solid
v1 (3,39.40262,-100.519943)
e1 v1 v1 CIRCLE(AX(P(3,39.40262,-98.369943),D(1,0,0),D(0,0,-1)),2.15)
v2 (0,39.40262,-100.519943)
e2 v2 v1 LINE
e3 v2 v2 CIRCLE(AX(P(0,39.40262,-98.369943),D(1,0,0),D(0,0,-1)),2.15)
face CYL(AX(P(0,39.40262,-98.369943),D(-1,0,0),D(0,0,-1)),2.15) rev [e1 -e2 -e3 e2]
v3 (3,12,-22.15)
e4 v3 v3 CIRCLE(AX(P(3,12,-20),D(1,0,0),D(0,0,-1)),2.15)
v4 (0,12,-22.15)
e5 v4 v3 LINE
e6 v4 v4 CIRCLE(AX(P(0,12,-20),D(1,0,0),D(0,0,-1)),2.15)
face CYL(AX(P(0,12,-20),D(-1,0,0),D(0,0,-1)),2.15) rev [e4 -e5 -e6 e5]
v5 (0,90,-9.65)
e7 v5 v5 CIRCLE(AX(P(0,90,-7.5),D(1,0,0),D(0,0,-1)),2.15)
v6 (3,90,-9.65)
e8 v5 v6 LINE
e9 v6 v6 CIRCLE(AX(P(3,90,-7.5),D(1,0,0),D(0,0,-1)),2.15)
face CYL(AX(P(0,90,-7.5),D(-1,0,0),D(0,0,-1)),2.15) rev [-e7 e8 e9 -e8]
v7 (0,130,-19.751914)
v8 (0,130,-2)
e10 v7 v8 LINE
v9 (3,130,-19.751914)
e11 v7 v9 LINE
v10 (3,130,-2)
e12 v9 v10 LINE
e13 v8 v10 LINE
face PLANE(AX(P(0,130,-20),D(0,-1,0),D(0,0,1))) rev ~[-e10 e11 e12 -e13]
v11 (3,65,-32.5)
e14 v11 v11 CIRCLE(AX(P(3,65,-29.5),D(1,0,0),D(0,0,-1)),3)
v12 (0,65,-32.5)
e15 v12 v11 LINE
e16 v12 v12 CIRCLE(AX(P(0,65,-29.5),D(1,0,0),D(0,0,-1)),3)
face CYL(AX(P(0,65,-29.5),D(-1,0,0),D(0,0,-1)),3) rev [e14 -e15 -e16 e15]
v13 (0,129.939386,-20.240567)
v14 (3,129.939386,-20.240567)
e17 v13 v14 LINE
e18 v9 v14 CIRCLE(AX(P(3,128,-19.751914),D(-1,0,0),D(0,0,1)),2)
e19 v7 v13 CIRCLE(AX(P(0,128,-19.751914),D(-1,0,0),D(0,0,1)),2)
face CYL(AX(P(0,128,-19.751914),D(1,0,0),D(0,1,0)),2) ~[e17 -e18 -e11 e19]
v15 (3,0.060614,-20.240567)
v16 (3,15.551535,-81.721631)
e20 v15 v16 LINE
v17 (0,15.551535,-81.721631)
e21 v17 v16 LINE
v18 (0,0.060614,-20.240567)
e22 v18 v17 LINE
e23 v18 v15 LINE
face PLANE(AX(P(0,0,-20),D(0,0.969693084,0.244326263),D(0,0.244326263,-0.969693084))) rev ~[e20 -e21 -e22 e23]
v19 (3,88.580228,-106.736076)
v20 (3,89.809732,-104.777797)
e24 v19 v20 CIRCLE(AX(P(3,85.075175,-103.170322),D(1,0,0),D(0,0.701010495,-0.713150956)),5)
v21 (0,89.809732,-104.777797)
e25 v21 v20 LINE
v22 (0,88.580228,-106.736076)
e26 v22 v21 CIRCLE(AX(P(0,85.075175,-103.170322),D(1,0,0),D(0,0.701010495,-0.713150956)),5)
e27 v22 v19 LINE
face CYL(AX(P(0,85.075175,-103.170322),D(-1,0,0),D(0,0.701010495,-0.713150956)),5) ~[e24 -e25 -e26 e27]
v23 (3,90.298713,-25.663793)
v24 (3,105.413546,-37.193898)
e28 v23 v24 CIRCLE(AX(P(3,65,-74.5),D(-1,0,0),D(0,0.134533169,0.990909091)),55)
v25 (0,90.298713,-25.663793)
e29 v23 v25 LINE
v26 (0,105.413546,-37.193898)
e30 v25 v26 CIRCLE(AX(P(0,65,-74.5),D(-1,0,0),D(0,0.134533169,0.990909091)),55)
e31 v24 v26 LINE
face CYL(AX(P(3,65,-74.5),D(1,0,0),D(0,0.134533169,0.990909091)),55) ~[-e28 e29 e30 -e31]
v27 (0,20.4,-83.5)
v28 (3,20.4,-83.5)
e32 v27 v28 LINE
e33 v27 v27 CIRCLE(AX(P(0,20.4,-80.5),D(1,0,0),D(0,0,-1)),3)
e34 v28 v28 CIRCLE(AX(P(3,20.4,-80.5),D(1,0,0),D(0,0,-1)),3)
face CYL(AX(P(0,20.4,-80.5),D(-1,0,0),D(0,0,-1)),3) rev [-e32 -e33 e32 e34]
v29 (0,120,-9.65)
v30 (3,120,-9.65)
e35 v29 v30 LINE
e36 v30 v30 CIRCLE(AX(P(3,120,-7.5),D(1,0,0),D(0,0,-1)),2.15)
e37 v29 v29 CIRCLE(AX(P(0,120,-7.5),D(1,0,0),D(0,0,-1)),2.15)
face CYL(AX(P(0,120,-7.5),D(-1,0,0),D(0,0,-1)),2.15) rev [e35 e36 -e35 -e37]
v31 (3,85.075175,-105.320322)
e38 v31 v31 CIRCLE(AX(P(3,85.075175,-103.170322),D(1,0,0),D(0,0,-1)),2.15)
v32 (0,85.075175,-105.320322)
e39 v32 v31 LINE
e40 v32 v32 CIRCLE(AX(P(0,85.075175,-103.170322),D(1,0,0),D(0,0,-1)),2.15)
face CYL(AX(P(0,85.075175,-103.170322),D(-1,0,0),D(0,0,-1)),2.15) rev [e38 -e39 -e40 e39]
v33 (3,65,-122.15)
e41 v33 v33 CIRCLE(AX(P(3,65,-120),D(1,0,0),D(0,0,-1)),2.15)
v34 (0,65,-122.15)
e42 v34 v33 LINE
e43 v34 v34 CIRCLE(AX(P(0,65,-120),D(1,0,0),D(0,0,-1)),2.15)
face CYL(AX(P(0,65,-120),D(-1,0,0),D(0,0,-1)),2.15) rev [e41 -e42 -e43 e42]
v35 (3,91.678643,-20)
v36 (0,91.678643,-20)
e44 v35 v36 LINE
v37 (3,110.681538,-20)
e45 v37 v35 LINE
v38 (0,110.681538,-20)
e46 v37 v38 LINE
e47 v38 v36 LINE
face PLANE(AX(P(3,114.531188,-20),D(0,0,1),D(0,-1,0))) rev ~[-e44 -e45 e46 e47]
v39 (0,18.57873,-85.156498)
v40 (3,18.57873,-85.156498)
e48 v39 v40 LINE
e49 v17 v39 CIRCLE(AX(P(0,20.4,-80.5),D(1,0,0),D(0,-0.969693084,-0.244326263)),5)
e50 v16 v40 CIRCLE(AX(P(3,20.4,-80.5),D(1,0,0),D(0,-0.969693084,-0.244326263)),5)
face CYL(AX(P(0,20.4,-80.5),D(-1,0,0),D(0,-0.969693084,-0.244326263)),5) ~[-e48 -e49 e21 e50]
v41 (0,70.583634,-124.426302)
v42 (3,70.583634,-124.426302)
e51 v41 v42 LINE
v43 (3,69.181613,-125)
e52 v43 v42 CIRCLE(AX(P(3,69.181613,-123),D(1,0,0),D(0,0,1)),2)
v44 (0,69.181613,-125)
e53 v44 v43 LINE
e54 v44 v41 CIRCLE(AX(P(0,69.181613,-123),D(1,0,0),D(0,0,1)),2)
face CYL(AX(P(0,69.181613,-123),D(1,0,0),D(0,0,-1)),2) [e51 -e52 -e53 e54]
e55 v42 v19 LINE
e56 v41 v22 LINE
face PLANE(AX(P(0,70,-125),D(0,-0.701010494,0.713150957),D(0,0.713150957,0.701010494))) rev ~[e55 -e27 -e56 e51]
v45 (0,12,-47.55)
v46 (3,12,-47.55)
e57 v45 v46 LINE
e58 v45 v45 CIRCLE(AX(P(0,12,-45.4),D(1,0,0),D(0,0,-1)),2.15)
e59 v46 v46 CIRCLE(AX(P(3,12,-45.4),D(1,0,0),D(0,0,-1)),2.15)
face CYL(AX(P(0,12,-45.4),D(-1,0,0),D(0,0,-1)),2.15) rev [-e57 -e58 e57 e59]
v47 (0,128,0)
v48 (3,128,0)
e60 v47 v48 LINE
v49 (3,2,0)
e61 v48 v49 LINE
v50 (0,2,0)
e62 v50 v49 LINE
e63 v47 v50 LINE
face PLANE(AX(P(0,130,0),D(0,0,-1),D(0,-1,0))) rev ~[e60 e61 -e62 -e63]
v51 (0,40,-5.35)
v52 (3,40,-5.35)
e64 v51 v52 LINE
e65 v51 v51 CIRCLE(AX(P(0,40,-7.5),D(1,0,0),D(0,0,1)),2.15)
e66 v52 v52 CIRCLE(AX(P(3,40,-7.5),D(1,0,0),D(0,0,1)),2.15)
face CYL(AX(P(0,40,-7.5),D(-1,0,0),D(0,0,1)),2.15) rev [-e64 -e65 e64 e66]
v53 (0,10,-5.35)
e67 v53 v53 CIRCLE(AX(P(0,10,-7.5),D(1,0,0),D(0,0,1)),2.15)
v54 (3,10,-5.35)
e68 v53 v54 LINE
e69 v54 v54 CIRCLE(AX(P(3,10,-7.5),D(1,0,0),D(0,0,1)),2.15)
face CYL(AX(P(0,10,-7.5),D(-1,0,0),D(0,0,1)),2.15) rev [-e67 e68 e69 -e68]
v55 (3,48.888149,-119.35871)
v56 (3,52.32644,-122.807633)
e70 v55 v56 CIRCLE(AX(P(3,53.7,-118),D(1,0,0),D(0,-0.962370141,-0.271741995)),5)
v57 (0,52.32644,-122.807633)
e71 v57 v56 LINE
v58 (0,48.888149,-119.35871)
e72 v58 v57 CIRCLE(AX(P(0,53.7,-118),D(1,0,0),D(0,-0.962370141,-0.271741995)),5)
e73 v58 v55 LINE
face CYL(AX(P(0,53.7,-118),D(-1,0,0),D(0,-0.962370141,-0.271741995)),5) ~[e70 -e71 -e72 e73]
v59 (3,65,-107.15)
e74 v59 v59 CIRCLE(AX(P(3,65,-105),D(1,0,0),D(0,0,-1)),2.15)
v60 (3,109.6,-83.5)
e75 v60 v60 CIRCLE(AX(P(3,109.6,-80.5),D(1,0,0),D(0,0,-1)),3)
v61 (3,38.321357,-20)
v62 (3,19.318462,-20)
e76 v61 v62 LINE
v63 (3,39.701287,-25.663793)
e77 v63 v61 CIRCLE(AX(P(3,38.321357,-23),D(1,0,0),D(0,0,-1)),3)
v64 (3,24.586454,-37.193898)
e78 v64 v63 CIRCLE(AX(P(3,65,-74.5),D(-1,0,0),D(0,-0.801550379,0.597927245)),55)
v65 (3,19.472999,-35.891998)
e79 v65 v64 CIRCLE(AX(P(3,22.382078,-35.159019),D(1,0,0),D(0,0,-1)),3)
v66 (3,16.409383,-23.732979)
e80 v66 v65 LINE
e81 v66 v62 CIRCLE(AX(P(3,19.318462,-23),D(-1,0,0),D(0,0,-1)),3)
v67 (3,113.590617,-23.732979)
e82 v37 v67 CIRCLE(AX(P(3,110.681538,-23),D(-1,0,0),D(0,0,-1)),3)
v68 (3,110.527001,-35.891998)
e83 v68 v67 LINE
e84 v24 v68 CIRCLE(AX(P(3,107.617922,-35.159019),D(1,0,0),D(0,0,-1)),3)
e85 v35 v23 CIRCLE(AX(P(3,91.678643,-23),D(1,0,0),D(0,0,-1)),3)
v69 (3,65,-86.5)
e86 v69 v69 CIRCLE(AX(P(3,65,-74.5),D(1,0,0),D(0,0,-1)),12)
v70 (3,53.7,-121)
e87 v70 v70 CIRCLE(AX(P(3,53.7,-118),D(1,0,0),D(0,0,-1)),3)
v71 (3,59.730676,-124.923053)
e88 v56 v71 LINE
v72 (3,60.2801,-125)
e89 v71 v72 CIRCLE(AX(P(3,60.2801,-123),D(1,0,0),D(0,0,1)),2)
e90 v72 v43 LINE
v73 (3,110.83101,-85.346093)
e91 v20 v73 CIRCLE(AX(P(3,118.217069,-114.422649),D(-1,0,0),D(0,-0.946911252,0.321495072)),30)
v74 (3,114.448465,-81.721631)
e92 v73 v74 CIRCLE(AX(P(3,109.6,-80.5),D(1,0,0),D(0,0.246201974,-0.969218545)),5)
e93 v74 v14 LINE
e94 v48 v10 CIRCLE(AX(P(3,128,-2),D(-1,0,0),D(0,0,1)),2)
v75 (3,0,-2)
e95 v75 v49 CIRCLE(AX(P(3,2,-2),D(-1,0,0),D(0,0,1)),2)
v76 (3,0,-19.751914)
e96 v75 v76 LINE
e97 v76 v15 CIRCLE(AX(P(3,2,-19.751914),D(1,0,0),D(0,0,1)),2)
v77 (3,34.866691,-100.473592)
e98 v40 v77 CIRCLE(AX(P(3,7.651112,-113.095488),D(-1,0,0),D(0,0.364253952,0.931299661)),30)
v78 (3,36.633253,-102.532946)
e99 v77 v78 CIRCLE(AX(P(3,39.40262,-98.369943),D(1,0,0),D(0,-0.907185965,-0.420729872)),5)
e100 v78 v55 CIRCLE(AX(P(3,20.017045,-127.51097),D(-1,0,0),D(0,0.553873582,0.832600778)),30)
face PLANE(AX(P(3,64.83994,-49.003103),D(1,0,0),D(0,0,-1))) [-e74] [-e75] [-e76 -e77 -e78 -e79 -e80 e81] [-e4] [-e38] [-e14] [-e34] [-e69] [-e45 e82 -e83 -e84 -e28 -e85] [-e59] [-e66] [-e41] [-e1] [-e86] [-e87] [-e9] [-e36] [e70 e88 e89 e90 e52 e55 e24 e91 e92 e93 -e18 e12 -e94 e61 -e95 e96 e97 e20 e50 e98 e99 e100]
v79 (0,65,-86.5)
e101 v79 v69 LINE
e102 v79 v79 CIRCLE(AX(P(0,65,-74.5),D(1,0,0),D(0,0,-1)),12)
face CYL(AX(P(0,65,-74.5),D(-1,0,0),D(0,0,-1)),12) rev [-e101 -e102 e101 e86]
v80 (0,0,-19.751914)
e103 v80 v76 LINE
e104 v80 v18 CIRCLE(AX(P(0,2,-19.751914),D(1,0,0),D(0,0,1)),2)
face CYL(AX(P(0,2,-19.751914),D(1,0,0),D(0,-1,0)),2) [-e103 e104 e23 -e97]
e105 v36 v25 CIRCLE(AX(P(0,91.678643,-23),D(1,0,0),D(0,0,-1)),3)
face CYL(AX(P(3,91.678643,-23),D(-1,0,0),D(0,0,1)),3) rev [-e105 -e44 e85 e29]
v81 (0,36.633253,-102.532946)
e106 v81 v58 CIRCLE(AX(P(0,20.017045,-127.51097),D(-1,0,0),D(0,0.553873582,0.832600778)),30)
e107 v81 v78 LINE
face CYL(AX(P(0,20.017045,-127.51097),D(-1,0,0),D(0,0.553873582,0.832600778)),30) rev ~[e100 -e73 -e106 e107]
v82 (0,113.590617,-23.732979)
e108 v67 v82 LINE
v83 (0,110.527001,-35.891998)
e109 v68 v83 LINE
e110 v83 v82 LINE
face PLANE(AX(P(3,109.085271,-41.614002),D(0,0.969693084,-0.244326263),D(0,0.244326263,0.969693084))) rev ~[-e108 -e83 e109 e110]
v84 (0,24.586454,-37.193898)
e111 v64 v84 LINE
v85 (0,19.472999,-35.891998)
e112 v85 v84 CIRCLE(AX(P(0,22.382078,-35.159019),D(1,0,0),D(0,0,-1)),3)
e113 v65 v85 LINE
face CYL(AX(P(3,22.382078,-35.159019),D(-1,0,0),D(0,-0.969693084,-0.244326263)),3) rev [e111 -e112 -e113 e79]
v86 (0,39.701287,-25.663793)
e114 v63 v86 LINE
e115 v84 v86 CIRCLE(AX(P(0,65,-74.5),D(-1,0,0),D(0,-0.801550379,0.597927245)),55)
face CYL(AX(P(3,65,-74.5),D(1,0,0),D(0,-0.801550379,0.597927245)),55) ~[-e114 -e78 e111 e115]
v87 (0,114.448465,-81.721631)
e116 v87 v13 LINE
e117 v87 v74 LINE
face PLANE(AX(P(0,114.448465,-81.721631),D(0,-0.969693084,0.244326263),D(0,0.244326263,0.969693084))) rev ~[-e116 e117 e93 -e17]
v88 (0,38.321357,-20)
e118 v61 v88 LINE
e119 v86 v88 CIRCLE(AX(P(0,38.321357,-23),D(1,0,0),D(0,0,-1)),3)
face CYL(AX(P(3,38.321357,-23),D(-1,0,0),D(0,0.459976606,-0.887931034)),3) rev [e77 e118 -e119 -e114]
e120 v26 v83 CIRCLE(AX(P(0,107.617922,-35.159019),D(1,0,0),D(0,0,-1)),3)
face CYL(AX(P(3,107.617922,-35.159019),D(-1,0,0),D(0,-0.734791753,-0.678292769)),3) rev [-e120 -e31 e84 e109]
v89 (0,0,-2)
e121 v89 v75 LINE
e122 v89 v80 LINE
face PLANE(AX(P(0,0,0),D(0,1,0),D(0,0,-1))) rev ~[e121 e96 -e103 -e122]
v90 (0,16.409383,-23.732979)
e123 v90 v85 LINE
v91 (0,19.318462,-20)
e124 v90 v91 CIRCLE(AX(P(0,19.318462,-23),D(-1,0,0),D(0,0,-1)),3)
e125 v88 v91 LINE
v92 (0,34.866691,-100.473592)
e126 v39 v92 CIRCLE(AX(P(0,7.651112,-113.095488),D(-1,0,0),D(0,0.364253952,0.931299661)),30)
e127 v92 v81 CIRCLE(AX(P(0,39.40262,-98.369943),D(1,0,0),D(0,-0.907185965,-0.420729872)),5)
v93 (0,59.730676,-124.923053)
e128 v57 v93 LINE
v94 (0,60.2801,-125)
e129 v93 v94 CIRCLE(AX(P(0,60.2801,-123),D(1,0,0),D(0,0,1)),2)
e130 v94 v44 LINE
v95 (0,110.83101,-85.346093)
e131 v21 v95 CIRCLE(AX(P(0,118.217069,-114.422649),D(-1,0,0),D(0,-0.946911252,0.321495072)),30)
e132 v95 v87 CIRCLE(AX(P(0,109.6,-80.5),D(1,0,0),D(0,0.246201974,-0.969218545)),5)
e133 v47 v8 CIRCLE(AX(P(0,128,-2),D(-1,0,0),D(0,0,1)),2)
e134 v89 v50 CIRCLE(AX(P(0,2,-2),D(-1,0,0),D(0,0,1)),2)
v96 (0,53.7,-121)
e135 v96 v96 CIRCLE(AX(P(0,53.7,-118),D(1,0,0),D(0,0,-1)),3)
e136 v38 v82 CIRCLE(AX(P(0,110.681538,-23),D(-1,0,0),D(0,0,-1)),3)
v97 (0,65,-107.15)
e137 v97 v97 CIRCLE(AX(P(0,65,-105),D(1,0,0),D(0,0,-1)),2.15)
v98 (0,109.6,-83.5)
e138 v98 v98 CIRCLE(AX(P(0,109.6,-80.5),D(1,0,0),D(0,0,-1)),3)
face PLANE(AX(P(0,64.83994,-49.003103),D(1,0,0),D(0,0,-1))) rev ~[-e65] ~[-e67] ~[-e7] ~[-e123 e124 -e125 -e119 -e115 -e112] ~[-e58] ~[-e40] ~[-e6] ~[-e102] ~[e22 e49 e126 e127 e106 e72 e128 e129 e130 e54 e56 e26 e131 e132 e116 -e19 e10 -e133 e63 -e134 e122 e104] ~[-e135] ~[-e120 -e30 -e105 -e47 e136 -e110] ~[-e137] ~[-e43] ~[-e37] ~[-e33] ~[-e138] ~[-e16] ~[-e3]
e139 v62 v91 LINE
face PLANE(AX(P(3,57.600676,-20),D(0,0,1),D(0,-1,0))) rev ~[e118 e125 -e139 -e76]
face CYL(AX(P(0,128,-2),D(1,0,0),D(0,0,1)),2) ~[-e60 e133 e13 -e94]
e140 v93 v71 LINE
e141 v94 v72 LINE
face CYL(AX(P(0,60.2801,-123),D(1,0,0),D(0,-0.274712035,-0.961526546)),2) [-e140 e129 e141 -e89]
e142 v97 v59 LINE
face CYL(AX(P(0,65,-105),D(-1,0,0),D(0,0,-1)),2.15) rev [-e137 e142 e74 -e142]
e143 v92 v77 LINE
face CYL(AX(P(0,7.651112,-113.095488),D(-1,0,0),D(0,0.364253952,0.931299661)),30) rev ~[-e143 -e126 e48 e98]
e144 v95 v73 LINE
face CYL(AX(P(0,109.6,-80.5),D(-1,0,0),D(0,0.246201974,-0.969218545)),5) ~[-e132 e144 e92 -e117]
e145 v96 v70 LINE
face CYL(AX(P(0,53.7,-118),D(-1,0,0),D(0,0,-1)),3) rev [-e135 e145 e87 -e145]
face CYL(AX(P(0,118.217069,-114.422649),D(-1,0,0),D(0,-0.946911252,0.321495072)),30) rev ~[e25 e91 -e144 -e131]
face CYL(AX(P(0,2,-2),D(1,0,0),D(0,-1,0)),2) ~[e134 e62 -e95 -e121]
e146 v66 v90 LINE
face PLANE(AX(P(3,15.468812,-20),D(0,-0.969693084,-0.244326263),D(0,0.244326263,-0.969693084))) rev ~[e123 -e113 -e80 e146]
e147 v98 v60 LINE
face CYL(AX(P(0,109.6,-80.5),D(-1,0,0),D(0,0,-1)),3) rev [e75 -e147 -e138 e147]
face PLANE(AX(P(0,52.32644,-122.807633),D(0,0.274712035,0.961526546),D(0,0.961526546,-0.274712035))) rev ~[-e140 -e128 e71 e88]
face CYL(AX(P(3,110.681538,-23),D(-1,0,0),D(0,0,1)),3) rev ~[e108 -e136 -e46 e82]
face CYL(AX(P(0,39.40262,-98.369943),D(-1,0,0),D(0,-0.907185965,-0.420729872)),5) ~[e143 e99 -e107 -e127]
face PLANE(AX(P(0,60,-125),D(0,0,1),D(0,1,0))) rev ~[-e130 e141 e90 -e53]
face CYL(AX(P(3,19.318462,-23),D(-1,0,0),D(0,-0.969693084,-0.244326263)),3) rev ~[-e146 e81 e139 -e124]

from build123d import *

# Parameters (mm, degrees)
SKETCH_1_R          = 2.15
SKETCH_1_R_2        = 12
SKETCH_1_R_3        = 3
EXTRUDE_1_DEPTH     = 3
CUT_EXTRUDE_1_DEPTH = 3
FILLET_1_R          = 2
FILLET_2_R          = 2
FILLET_3_R          = 3


with BuildPart() as part:
    # ｽｹｯﾁ1 → ﾎﾞｽ - 押し出し1 (new body)
    with BuildSketch(Plane(origin=(0, 0, 0), x_dir=(0, 0, -1), z_dir=(1, 0, 0))):
        with BuildLine():
            Line((0, 0), (20, 0))
            Line((20, 0), (81.721631315, 15.55153458))
            ThreePointArc((81.721631315, 15.55153458), (83.805915962, 16.648877548), (85.156498305, 18.57873024))
            ThreePointArc((85.156498305, 18.57873024), (91.240951268, 28.202978223), (100.473591964, 34.86669062))
            ThreePointArc((100.473591964, 34.86669062), (101.625387424, 35.607613327), (102.53294649, 36.633252532))
            ThreePointArc((102.53294649, 36.633252532), (109.848876527, 44.266796828), (119.358709974, 48.888149295))
            ThreePointArc((119.358709974, 48.888149295), (121.530071674, 50.159012288), (122.807632728, 52.326439826))
            Line((122.807632728, 52.326439826), (125, 60))
            Line((125, 60), (125, 70))
            Line((125, 70), (106.736076333, 88.580227744))
            ThreePointArc((106.736076333, 88.580227744), (105.828986144, 89.309735766), (104.777796911, 89.809731531))
            ThreePointArc((104.777796911, 89.809731531), (92.392887273, 97.853140314), (85.346092725, 110.831009869))
            ThreePointArc((85.346092725, 110.831009869), (84.032111964, 113.138952539), (81.721631315, 114.44846542))
            Line((81.721631315, 114.44846542), (20, 130))
            Line((20, 130), (0, 130))
            Line((0, 130), (0, 0))
        make_face()
        with Locations((7.5, 120)):
            Circle(SKETCH_1_R, mode=Mode.SUBTRACT)
        with Locations((7.5, 90)):
            Circle(SKETCH_1_R, mode=Mode.SUBTRACT)
        with Locations(Location((7.5, 40, 0), (0, 0, 180))):
            Circle(SKETCH_1_R, mode=Mode.SUBTRACT)
        with Locations(Location((7.5, 10, 0), (0, 0, 180))):
            Circle(SKETCH_1_R, mode=Mode.SUBTRACT)
        with Locations((74.5, 65)):
            Circle(SKETCH_1_R_2, mode=Mode.SUBTRACT)
        with Locations((29.5, 65)):
            Circle(SKETCH_1_R_3, mode=Mode.SUBTRACT)
        with Locations((80.5, 20.4)):
            Circle(SKETCH_1_R_3, mode=Mode.SUBTRACT)
        with Locations((118, 53.7)):
            Circle(SKETCH_1_R_3, mode=Mode.SUBTRACT)
        with Locations((80.5, 109.6)):
            Circle(SKETCH_1_R_3, mode=Mode.SUBTRACT)
        with Locations((103.17032155, 85.075175272)):
            Circle(SKETCH_1_R, mode=Mode.SUBTRACT)
        with Locations((98.369942602, 39.402620443)):
            Circle(SKETCH_1_R, mode=Mode.SUBTRACT)
        with Locations((105, 65)):
            Circle(SKETCH_1_R, mode=Mode.SUBTRACT)
        with Locations((120, 65)):
            Circle(SKETCH_1_R, mode=Mode.SUBTRACT)
        with Locations((20, 12)):
            Circle(SKETCH_1_R, mode=Mode.SUBTRACT)
        with Locations((45.4, 12)):
            Circle(SKETCH_1_R, mode=Mode.SUBTRACT)
    extrude(amount=EXTRUDE_1_DEPTH)

    # ｽｹｯﾁ2 → ｶｯﾄ - 押し出し1 (cut)
    with BuildSketch(Plane(origin=(3, 0, 0), x_dir=(0, 0, -1), z_dir=(1, 0, 0))):
        with BuildLine():
            Line((20, 114.531188015), (20, 72.399324293))
            ThreePointArc((20, 72.399324293), (27.112840869, 92.918759813), (41.614001532, 109.085270837))
            Line((41.614001532, 109.085270837), (20, 114.531188015))
        make_face()
        with BuildLine():
            Line((20, 15.468811985), (41.614001532, 20.914729163))
            ThreePointArc((41.614001532, 20.914729163), (27.112840869, 37.081240187), (20, 57.600675707))
            Line((20, 57.600675707), (20, 15.468811985))
        make_face()
    extrude(amount=-CUT_EXTRUDE_1_DEPTH, mode=Mode.SUBTRACT)

    # ﾌｨﾚｯﾄ1
    fillet_1_edges = [part.edges().sort_by_distance(p)[0] for p in [
        (1.5, 130, 0),
        (1.5, 130, -20),
        (1.5, 0, -20),
        (1.5, 0, 0),
    ]]
    fillet(fillet_1_edges, radius=FILLET_1_R)

    # ﾌｨﾚｯﾄ2
    fillet_2_edges = [part.edges().sort_by_distance(p)[0] for p in [
        (1.5, 70, -125),
        (1.5, 60, -125),
    ]]
    fillet(fillet_2_edges, radius=FILLET_2_R)

    # ﾌｨﾚｯﾄ3
    fillet_3_edges = [part.edges().sort_by_distance(p)[0] for p in [
        (1.5, 114.531188015, -20),
        (1.5, 109.085270837, -41.614001532),
        (1.5, 72.399324293, -20),
        (1.5, 15.468811985, -20),
        (1.5, 57.600675707, -20),
        (1.5, 20.914729163, -41.614001532),
    ]]
    fillet(fillet_3_edges, radius=FILLET_3_R)


solid = part.part
